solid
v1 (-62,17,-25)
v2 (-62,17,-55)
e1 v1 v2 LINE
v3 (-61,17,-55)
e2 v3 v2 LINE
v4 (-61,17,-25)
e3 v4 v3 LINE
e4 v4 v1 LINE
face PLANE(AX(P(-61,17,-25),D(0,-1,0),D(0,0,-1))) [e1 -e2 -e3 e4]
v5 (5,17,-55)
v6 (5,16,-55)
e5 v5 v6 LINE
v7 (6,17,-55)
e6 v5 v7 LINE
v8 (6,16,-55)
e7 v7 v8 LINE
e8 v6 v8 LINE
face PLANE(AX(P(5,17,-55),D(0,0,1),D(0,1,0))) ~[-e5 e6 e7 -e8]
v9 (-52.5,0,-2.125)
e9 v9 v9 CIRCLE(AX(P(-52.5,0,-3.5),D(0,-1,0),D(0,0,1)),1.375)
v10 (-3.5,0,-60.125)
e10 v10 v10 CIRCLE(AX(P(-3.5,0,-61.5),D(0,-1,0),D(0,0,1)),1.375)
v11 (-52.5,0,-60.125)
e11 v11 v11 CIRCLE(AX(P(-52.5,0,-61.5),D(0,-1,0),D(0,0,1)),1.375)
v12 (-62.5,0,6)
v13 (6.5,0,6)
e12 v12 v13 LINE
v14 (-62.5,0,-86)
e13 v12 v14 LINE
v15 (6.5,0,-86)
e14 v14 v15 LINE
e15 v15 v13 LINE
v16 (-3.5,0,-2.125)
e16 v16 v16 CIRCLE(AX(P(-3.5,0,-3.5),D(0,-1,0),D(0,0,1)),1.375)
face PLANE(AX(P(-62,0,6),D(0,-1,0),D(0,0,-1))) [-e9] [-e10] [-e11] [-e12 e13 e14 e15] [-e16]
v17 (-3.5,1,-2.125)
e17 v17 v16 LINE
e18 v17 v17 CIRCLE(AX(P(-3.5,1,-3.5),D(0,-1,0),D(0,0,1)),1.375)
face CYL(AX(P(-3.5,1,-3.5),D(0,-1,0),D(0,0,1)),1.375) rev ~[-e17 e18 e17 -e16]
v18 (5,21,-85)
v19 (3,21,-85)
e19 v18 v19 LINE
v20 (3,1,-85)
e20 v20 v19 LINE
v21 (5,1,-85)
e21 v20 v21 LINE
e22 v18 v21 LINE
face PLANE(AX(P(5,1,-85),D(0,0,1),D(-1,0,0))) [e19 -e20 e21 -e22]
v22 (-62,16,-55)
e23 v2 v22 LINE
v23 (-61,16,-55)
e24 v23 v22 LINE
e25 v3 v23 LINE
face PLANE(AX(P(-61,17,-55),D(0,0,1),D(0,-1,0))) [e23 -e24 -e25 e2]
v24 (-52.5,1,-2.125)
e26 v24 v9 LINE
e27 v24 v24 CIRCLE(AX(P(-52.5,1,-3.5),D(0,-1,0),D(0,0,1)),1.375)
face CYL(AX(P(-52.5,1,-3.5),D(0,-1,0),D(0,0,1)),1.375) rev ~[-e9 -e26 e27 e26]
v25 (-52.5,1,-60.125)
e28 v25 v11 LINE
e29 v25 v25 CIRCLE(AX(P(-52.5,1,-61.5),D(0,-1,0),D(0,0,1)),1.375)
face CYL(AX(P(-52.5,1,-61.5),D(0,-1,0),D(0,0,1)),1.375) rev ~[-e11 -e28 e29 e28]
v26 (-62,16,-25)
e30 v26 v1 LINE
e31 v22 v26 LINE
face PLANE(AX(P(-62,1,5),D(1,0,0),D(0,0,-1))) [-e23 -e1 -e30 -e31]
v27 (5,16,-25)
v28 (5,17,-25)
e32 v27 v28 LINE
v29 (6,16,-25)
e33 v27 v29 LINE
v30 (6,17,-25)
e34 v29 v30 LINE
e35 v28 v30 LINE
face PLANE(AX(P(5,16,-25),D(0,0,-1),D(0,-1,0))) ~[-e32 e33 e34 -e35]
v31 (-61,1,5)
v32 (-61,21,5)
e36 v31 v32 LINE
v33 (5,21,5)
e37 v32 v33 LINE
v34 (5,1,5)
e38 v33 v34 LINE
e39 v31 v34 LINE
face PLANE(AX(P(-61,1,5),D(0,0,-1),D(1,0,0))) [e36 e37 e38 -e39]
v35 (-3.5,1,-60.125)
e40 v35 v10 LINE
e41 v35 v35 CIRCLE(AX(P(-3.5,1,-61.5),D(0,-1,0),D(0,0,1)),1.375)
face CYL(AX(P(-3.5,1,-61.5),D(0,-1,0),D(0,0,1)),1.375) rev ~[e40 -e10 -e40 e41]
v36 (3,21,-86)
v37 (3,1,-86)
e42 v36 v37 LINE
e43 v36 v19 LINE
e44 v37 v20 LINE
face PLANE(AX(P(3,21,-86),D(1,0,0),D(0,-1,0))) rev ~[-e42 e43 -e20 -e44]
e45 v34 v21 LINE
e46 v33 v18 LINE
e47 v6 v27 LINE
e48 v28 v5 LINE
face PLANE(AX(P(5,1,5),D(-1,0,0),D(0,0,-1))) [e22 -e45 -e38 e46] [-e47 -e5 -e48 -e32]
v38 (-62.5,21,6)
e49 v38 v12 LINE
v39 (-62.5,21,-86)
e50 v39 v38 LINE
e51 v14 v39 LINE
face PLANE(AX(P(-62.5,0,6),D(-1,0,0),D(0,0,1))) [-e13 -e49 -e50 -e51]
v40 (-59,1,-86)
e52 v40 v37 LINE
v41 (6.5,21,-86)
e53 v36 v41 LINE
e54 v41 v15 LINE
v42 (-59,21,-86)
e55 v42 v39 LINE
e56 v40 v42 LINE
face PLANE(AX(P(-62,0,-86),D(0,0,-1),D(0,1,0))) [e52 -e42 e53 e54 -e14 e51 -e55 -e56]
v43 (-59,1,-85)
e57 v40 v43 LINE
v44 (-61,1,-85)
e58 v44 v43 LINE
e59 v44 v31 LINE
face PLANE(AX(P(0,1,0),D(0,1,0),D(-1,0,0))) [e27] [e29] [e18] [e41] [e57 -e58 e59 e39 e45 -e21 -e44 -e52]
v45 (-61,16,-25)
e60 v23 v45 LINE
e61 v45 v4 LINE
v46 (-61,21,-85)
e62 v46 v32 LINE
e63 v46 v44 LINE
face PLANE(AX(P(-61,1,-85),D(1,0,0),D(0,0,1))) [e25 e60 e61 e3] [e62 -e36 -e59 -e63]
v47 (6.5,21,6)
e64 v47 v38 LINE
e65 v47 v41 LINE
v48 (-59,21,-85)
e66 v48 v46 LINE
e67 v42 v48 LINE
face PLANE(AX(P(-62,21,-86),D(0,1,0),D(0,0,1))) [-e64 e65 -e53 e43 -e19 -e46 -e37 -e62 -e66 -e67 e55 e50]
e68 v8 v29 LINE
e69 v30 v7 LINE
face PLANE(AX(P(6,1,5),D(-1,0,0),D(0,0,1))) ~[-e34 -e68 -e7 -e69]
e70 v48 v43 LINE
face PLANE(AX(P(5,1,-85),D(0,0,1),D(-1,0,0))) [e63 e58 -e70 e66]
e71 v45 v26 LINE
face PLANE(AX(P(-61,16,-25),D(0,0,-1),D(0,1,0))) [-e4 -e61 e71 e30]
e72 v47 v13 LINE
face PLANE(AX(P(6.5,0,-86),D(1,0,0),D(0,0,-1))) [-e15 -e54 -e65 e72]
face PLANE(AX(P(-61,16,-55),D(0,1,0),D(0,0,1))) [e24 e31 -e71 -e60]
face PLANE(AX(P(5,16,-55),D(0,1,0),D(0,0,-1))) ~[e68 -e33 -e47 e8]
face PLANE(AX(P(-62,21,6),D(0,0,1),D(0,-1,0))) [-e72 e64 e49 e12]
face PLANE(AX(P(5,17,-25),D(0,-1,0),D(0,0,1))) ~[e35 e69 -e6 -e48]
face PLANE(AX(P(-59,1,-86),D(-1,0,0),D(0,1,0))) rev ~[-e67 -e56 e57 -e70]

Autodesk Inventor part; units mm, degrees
ref_plane "YZ Plane" through (0, 0, 0) normal (1, 0, 0) x (0, 1, 0)
ref_plane "XZ Plane" through (0, 0, 0) normal (0, 1, 0) x (-1, 0, 0)
ref_plane "XY Plane" through (0, 0, 0) normal (0, 0, 1) x (1, 0, 0)
sketch "Sketch1" plane through (0, 0, 0) normal (0, 1, 0) x (-1, 0, 0)
  line L0 (0, 0) -> (56, 0)
  line L1 (56, 0) -> (56, -85)
  line L2 (56, -85) -> (0, -85)
  line L3 (0, -85) -> (0, 0)
  line L4 (61, -90) -> (61, 5)
  line L5 (61, 5) -> (-5, 5)
  line L6 (-5, 5) -> (-5, -90)
  line L7 (61, -85) -> (-5, -85)
  dimension "d0" = 56
  dimension "d1" = 85
  dimension "d2" = 5
  dimension "d50" = 90
extrude "Extrusion1" add sketch "Sketch1" along normal blind 1
sketch "Sketch2" plane through (0, 1, 0) normal (0, 1, 0) x (1, 0, 0)
  line L0 (-61, -5) -> (5, -5) projected
  line L1 (-61, 85) -> (-61, -5) projected
  line L2 (-61, -5) -> (5, -5) projected
  line L3 (5, -5) -> (5, 85) projected
  line L4 (5, 85) -> (-61, 85) projected
  line L5 (-62, 86) -> (6, 86)
  line L6 (6, 86) -> (6, -6)
  line L7 (6, -6) -> (-62, -6)
  line L8 (-62, -6) -> (-62, 86)
  point P0 (0, 0)
  dimension "d41" = 1
sketch "Sketch4" plane through (0, 1, 0) normal (0, 1, 0) x (1, 0, 0)
  line L0 (0, 0) -> (-56, 0)
  line L1 (-56, 0) -> (-56, 85)
  line L2 (-56, 85) -> (0, 85)
  line L3 (0, 85) -> (0, 0)
  circle A0 centre (-3.5, 3.5) radius 1.375
  circle A1 centre (-52.5, 3.5) radius 1.375
  circle A2 centre (-52.5, 61.5) radius 1.375
  circle A3 centre (-3.5, 61.5) radius 1.375
  circle A4 centre (-52.5, 3.5) radius 3.1
  circle A5 centre (-52.5, 61.5) radius 3.1
  circle A6 centre (-3.5, 3.5) radius 3.1
  circle A7 centre (-3.5, 61.5) radius 3.1
  dimension "d14" = 56
  dimension "d15" = 85
  dimension "d16" = 2.75
  dimension "d17" = 2.75
  dimension "d18" = 2.75
  dimension "d19" = 2.75
  dimension "d20" = 49
  dimension "d21" = 58
  dimension "d22" = 58
  dimension "d23" = 49
  dimension "d24" = 6.2
  dimension "d25" = 6.2
  dimension "d26" = 6.2
  dimension "d27" = 6.2
  dimension "d28" = 3.5
  dimension "d29" = 3.5
  dimension "d30" = 3.5
  dimension "d31" = 3.5
  dimension "d32" = 3.5
hole "Hole1" at (-52.5, 1, -61.5) at (-52.5, 1, -3.5) at (-3.5, 1, -3.5) at (-3.5, 1, -61.5) direction (0, -1, 0) diameter 2.75 end through all
extrude "Extrusion4" add sketch "Sketch2" along normal blind 20 and the other way blind 1
sketch "Sketch5" plane through (6, 21, -86) normal (0, 0, -1) x (-1, 0, 0)
  line L0 (67, -20) -> (1, -20) projected
  line L1 (68, 0) -> (0, 0) projected
  line L2 (3, -20) -> (65, -20)
  line L3 (65, -20) -> (65, 0)
  line L4 (65, 0) -> (3, 0)
  line L5 (3, 0) -> (3, -20)
  line L6 (67, 0) -> (67, -20) projected
  line L7 (1, 0) -> (1, -20) projected
  point P0 (6, -21)
  dimension "d46" = 2
  dimension "d47" = 2
extrude "Extrusion5" cut sketch "Sketch5" against normal blind 2 contours L0 L5 L1 L3
sketch "Sketch6" plane through (6, 0, -86) normal (1, 0, 0) x (0, 0, -1)
  line L0 (0, 21) -> (0, 0) projected
  line L1 (-92, 21) -> (0, 21) projected
  line L2 (-92, 21) -> (-92, 0) projected
  line L3 (0, 0) -> (-92, 0) projected
  point P0 (-86, 0)
extrude "Extrusion6" add sketch "Sketch6" along normal blind 0.5
sketch "Sketch7" plane through (-62, 0, 6) normal (-1, 0, 0) x (0, 0, 1)
  line L0 (0, 21) -> (0, 0) projected
  line L1 (-92, 21) -> (0, 21) projected
  line L2 (-92, 0) -> (-92, 21) projected
  line L3 (0, 0) -> (-92, 0) projected
  point P0 (-6, 0)
extrude "Extrusion7" add sketch "Sketch7" along normal blind 0.5
sketch "Sketch8" plane through (0, 21, 0) normal (0, 1, 0) x (1, 0, 0)
  line L0 (6.5, -6) -> (-62.5, -6) projected
  line L1 (6.5, 86) -> (6.5, -6) projected
  line L2 (-62.5, -6) -> (-62.5, 86) projected
  line L3 (-59, 86) -> (3, 86) projected
  line L4 (-59, 86) -> (-62.5, 86) projected
  line L5 (3, 86) -> (6.5, 86) projected
  point P0 (0, 0)
  dimension "d55" = 92
  dimension "d56" = 69
sketch "Sketch9" plane through (-61, 1, 5) normal (1, 0, 0) x (0, 0, -1)
  line L0 (0, 0) -> (0, 20) projected
  line L1 (90, 20) -> (90, 0) projected
  line L2 (0, 20) -> (90, 20) projected
  line L3 (30, 16) -> (60, 16)
  line L4 (60, 16) -> (60, 15)
  line L5 (60, 15) -> (30, 15)
  line L6 (30, 15) -> (30, 16)
  point P0 (5, -1)
  point P1 (0, 16)
  point P2 (90, 15)
  dimension "d62" = 4
  dimension "d63" = 1
  dimension "d64" = 30
  dimension "d65" = 30
  dimension "d66" = 30
extrude "Extrusion8" cut sketch "Sketch9" against normal blind 1
ref_plane "Work Plane2" through (-28, 0, -86) normal (1, 0, 0) x (0, 0, -1)
mirror "Mirror1" about plane through (-28, 0, -86) normal (1, 0, 0) of "Extrusion8"
equation "\"d22\" = d21"
equation "\"d23\" = d20"
properties part number "bottom1"
